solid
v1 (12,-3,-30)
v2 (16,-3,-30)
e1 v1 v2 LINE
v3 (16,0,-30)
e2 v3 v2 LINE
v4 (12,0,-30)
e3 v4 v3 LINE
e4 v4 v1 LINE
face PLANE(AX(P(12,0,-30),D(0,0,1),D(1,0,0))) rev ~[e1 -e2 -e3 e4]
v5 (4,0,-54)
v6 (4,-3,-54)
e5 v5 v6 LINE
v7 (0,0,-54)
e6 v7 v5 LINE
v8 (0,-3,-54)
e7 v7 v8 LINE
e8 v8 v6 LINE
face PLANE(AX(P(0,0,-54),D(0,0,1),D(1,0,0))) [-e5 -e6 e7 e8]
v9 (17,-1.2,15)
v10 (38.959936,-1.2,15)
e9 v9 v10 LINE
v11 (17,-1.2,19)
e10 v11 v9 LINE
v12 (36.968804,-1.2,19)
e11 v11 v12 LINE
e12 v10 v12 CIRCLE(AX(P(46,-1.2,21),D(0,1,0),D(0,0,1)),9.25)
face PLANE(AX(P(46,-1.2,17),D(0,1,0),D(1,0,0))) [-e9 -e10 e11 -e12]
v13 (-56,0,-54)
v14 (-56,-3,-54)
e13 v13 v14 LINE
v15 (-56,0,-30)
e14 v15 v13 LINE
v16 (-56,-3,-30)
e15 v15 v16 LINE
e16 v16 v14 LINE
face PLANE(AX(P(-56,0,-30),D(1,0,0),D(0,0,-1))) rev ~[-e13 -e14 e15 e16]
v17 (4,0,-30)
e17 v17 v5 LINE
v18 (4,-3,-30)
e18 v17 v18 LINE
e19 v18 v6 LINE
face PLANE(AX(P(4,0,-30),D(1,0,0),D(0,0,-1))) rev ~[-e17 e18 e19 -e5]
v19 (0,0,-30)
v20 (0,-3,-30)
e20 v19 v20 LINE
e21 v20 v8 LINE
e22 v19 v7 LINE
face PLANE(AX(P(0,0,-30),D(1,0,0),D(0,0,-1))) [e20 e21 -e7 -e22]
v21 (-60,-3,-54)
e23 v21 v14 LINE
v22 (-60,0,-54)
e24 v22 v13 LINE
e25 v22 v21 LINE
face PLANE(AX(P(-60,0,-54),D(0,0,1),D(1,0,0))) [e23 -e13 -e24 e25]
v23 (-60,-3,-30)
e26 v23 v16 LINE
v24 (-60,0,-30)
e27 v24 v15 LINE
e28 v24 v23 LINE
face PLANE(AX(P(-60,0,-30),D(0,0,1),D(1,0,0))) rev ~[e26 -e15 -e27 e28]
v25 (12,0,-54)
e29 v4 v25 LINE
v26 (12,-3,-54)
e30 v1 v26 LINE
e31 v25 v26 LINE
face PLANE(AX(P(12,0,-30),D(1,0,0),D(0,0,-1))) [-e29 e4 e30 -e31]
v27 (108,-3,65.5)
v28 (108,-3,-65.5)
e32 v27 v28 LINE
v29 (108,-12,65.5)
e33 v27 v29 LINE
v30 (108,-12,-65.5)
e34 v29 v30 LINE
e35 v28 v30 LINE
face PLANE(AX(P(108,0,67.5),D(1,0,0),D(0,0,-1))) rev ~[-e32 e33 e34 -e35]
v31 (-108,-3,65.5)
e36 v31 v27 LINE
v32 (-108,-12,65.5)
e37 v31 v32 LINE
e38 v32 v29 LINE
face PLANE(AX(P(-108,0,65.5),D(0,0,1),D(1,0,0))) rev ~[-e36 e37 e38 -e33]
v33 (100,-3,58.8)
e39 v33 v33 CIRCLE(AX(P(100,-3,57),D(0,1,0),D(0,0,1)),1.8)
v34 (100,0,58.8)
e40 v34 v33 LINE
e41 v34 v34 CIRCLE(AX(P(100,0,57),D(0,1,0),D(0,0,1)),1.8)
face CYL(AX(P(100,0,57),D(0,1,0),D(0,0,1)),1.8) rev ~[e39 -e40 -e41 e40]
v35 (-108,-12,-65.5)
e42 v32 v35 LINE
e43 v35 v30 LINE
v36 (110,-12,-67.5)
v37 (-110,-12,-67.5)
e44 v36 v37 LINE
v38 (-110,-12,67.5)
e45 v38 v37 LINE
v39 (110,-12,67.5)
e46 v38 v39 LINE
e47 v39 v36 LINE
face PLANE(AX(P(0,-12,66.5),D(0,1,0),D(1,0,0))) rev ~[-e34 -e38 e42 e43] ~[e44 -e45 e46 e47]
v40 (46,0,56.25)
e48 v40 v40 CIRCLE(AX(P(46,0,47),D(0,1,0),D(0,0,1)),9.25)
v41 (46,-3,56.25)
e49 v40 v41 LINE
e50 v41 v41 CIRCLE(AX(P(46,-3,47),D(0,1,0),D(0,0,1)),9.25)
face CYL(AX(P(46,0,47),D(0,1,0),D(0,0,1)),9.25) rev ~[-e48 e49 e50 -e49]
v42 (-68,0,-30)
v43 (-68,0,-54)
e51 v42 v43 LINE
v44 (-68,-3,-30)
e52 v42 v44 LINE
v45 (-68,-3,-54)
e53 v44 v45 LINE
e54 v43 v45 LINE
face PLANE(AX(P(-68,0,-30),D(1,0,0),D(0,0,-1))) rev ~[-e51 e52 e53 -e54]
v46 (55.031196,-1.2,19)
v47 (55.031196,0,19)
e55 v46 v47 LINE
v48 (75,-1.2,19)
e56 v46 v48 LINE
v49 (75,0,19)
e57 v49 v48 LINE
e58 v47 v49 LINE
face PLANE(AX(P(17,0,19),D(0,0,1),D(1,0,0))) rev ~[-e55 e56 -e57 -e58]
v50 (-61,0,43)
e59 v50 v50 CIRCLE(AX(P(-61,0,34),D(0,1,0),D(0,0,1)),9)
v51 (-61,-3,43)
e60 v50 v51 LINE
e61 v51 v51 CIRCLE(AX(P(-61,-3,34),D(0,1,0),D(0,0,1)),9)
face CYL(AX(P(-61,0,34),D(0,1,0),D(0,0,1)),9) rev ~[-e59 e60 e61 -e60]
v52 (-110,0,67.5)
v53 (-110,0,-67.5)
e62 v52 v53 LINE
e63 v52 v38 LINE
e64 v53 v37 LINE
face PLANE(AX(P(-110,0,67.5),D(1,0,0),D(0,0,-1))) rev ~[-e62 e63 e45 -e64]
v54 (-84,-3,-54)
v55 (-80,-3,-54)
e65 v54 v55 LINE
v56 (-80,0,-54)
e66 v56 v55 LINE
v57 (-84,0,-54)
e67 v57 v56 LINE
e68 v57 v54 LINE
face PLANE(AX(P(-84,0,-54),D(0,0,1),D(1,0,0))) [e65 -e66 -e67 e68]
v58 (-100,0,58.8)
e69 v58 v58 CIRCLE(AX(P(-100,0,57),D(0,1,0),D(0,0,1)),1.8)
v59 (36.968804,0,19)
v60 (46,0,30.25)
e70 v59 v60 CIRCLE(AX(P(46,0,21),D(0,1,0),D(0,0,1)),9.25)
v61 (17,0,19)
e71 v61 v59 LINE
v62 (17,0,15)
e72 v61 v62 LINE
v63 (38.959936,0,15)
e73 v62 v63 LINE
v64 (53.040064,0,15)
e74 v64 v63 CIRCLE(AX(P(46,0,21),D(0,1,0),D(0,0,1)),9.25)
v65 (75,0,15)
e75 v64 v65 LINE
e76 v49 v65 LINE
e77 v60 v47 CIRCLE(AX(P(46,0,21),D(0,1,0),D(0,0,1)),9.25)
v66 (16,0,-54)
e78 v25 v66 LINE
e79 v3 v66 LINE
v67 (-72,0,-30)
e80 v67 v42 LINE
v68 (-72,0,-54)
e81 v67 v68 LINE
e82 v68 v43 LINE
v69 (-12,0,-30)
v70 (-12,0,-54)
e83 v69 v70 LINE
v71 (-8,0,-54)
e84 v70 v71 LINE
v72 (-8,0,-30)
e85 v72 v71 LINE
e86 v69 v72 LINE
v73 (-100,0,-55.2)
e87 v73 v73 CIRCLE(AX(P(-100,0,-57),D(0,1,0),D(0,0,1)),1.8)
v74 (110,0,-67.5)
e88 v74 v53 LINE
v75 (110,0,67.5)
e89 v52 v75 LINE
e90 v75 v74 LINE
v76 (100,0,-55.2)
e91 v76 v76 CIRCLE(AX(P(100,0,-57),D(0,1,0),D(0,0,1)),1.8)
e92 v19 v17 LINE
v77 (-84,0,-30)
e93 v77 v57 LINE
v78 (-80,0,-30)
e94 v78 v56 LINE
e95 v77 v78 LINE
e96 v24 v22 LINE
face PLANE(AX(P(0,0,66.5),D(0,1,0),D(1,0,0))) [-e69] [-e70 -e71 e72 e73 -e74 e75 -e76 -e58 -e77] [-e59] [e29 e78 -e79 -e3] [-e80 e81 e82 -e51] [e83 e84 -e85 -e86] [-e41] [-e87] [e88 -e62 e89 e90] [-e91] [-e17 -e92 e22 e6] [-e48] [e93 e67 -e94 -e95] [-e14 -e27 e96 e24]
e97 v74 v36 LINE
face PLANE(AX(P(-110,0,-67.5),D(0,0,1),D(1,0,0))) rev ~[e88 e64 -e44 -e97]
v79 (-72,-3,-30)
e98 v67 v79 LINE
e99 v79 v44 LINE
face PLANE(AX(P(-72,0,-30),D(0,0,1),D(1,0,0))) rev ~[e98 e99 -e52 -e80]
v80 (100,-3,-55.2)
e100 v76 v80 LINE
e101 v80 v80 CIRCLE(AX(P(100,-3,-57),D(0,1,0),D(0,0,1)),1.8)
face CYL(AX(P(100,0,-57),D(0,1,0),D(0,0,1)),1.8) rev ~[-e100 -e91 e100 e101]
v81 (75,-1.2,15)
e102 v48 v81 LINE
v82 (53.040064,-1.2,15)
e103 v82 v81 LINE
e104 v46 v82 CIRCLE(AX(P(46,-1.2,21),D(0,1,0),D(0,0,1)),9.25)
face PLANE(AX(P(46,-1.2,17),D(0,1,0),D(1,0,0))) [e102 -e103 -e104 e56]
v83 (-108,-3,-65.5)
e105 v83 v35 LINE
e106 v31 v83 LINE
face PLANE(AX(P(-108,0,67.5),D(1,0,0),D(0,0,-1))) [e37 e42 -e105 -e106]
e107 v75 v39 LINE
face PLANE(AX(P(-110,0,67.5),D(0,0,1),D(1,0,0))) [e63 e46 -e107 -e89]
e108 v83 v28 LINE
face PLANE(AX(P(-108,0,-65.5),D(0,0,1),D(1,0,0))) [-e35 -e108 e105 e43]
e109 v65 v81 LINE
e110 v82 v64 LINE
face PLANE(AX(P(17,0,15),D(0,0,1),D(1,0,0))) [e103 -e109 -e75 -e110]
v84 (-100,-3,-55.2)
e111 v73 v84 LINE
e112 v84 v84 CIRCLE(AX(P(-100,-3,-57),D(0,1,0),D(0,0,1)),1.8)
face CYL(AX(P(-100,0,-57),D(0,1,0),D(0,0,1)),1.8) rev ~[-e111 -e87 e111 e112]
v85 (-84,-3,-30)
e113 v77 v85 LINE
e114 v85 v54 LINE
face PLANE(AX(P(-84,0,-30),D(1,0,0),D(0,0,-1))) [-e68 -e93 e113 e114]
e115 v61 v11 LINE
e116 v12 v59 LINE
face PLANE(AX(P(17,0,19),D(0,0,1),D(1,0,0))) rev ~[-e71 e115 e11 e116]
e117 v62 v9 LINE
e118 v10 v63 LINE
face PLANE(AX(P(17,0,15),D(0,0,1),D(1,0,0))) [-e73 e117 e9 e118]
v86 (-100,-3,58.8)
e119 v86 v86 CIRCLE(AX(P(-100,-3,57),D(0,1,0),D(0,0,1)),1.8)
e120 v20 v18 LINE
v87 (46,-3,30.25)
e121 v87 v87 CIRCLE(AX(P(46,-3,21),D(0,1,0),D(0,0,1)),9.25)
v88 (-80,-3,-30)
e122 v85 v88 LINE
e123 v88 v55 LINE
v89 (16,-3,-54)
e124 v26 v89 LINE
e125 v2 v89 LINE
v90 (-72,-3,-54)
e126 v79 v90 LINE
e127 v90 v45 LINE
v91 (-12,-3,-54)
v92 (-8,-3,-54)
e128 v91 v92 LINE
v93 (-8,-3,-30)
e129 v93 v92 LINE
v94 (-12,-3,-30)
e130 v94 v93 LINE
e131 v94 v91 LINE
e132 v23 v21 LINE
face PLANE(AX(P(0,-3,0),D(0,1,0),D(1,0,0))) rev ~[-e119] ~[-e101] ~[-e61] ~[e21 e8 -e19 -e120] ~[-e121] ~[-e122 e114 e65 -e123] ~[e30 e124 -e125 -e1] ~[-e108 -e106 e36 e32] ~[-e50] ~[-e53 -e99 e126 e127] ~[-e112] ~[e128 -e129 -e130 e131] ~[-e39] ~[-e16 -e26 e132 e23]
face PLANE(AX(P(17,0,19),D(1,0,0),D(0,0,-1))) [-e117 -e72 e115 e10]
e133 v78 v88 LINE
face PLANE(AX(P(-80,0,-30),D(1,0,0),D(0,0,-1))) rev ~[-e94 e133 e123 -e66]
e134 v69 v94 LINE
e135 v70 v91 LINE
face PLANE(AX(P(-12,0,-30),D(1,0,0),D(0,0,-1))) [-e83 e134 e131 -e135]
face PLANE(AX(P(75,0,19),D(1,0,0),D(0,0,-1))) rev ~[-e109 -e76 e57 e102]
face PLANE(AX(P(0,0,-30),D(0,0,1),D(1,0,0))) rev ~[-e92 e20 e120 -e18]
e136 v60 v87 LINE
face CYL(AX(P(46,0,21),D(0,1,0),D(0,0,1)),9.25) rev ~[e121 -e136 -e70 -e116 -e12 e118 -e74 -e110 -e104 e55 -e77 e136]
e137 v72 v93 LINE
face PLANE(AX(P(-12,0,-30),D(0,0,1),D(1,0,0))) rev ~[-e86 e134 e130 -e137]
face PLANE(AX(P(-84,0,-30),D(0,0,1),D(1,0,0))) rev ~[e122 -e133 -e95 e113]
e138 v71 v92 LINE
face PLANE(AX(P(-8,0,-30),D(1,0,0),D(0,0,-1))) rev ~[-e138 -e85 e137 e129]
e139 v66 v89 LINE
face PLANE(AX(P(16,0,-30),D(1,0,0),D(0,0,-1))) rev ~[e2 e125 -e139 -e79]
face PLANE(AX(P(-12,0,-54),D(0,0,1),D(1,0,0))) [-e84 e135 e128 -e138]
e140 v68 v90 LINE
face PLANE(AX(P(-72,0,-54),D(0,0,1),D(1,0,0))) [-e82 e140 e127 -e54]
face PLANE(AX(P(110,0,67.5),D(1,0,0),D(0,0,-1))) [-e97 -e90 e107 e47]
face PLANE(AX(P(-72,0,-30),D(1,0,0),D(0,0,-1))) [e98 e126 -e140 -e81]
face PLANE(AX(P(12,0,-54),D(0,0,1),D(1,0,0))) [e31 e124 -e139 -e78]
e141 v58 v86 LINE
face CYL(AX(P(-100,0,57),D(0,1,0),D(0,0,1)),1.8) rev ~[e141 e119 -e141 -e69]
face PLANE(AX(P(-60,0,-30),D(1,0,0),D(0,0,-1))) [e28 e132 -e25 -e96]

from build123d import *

# Parameters (mm, degrees)
SKETCH_1_W                       = 220
SKETCH_1_H                       = 135
LID_TOP_3MM_DEPTH                = 3
SKETCH_2_W                       = 216
SKETCH_2_H                       = 2
LID_RIM_BACK_DEPTH               = 12
SKETCH_3_W                       = 216
SKETCH_3_H                       = 2
LID_RIM_FRONT_DEPTH              = 12
SKETCH_4_W                       = 2
SKETCH_4_H                       = 135
LID_RIM_LEFT_DEPTH               = 12
SKETCH_5_W                       = 2
SKETCH_5_H                       = 135
LID_RIM_RIGHT_DEPTH              = 12
SKETCH_6_R                       = 1.8
LID_SCREW_CLEARANCE_1_DEPTH      = 16
SKETCH_7_R                       = 1.8
LID_SCREW_CLEARANCE_2_DEPTH      = 16
SKETCH_8_R                       = 1.8
LID_SCREW_CLEARANCE_3_DEPTH      = 16
SKETCH_9_R                       = 1.8
LID_SCREW_CLEARANCE_4_DEPTH      = 16
SKETCH_10_R                      = 9
OV5647_LENS_OPENING_D18_DEPTH    = 4
SKETCH_11_R                      = 9.25
HC_SR04_ACOUSTIC_OPENING_1_DEPTH = 4
SKETCH_12_R                      = 9.25
HC_SR04_ACOUSTIC_OPENING_2_DEPTH = 4
SKETCH_13_W                      = 58
SKETCH_13_H                      = 4
HC_SR04_ALIGNMENT_RECESS_DEPTH   = 1.2
SKETCH_14_W                      = 4
SKETCH_14_H                      = 24
VENT_SLOT_1_DEPTH                = 4
SKETCH_15_W                      = 4
SKETCH_15_H                      = 24
VENT_SLOT_2_DEPTH                = 4
SKETCH_16_W                      = 4
SKETCH_16_H                      = 24
VENT_SLOT_3_DEPTH                = 4
SKETCH_17_W                      = 4
SKETCH_17_H                      = 24
VENT_SLOT_4_DEPTH                = 4
SKETCH_18_W                      = 4
SKETCH_18_H                      = 24
VENT_SLOT_5_DEPTH                = 4
SKETCH_19_W                      = 4
SKETCH_19_H                      = 24
VENT_SLOT_6_DEPTH                = 4


with BuildPart() as part:
    # 草图1 → Lid_Top_3mm (new body)
    with BuildSketch(Plane(origin=(0, 0, 0), x_dir=(1, 0, 0), z_dir=(0, 1, 0))):
        Rectangle(SKETCH_1_W, SKETCH_1_H)
    extrude(amount=-LID_TOP_3MM_DEPTH)

    # 草图2 → Lid_Rim_Back (add)
    with BuildSketch(Plane(origin=(0, 0, 0), x_dir=(1, 0, 0), z_dir=(0, 1, 0))):
        with Locations((0, 66.5)):
            Rectangle(SKETCH_2_W, SKETCH_2_H)
    extrude(amount=-LID_RIM_BACK_DEPTH)

    # 草图3 → Lid_Rim_Front (add)
    with BuildSketch(Plane(origin=(0, 0, 0), x_dir=(1, 0, 0), z_dir=(0, 1, 0))):
        with Locations((0, -66.5)):
            Rectangle(SKETCH_3_W, SKETCH_3_H)
    extrude(amount=-LID_RIM_FRONT_DEPTH)

    # 草图4 → Lid_Rim_Left (add)
    with BuildSketch(Plane(origin=(0, 0, 0), x_dir=(1, 0, 0), z_dir=(0, 1, 0))):
        with Locations((-109, 0)):
            Rectangle(SKETCH_4_W, SKETCH_4_H)
    extrude(amount=-LID_RIM_LEFT_DEPTH)

    # 草图5 → Lid_Rim_Right (add)
    with BuildSketch(Plane(origin=(0, 0, 0), x_dir=(1, 0, 0), z_dir=(0, 1, 0))):
        with Locations((109, 0)):
            Rectangle(SKETCH_5_W, SKETCH_5_H)
    extrude(amount=-LID_RIM_RIGHT_DEPTH)

    # 草图6 → Lid_Screw_Clearance_1 (cut)
    with BuildSketch(Plane(origin=(0, 0, 0), x_dir=(1, 0, 0), z_dir=(0, 1, 0))):
        with Locations(Location((-100, -57, 0), (0, 0, 270))):
            Circle(SKETCH_6_R)
    extrude(amount=-LID_SCREW_CLEARANCE_1_DEPTH, mode=Mode.SUBTRACT)

    # 草图7 → Lid_Screw_Clearance_2 (cut)
    with BuildSketch(Plane(origin=(0, 0, 0), x_dir=(1, 0, 0), z_dir=(0, 1, 0))):
        with Locations(Location((100, -57, 0), (0, 0, 270))):
            Circle(SKETCH_7_R)
    extrude(amount=-LID_SCREW_CLEARANCE_2_DEPTH, mode=Mode.SUBTRACT)

    # 草图8 → Lid_Screw_Clearance_3 (cut)
    with BuildSketch(Plane(origin=(0, 0, 0), x_dir=(1, 0, 0), z_dir=(0, 1, 0))):
        with Locations(Location((-100, 57, 0), (0, 0, 270))):
            Circle(SKETCH_8_R)
    extrude(amount=-LID_SCREW_CLEARANCE_3_DEPTH, mode=Mode.SUBTRACT)

    # 草图9 → Lid_Screw_Clearance_4 (cut)
    with BuildSketch(Plane(origin=(0, 0, 0), x_dir=(1, 0, 0), z_dir=(0, 1, 0))):
        with Locations(Location((100, 57, 0), (0, 0, 270))):
            Circle(SKETCH_9_R)
    extrude(amount=-LID_SCREW_CLEARANCE_4_DEPTH, mode=Mode.SUBTRACT)

    # 草图10 → OV5647_Lens_Opening_D18 (cut)
    with BuildSketch(Plane(origin=(0, 0, 0), x_dir=(1, 0, 0), z_dir=(0, 1, 0))):
        with Locations(Location((-61, -34, 0), (0, 0, 270))):
            Circle(SKETCH_10_R)
    extrude(amount=-OV5647_LENS_OPENING_D18_DEPTH, mode=Mode.SUBTRACT)

    # 草图11 → HC_SR04_Acoustic_Opening_1 (cut)
    with BuildSketch(Plane(origin=(0, 0, 0), x_dir=(1, 0, 0), z_dir=(0, 1, 0))):
        with Locations(Location((46, -47, 0), (0, 0, 270))):
            Circle(SKETCH_11_R)
    extrude(amount=-HC_SR04_ACOUSTIC_OPENING_1_DEPTH, mode=Mode.SUBTRACT)

    # 草图12 → HC_SR04_Acoustic_Opening_2 (cut)
    with BuildSketch(Plane(origin=(0, 0, 0), x_dir=(1, 0, 0), z_dir=(0, 1, 0))):
        with Locations(Location((46, -21, 0), (0, 0, 270))):
            Circle(SKETCH_12_R)
    extrude(amount=-HC_SR04_ACOUSTIC_OPENING_2_DEPTH, mode=Mode.SUBTRACT)

    # 草图13 → HC_SR04_Alignment_Recess (cut)
    with BuildSketch(Plane(origin=(0, 0, 0), x_dir=(1, 0, 0), z_dir=(0, 1, 0))):
        with Locations((46, -17)):
            Rectangle(SKETCH_13_W, SKETCH_13_H)
    extrude(amount=-HC_SR04_ALIGNMENT_RECESS_DEPTH, mode=Mode.SUBTRACT)

    # 草图14 → Vent_Slot_1 (cut)
    with BuildSketch(Plane(origin=(0, 0, 0), x_dir=(1, 0, 0), z_dir=(0, 1, 0))):
        with Locations((-82, 42)):
            Rectangle(SKETCH_14_W, SKETCH_14_H)
    extrude(amount=-VENT_SLOT_1_DEPTH, mode=Mode.SUBTRACT)

    # 草图15 → Vent_Slot_2 (cut)
    with BuildSketch(Plane(origin=(0, 0, 0), x_dir=(1, 0, 0), z_dir=(0, 1, 0))):
        with Locations((-70, 42)):
            Rectangle(SKETCH_15_W, SKETCH_15_H)
    extrude(amount=-VENT_SLOT_2_DEPTH, mode=Mode.SUBTRACT)

    # 草图16 → Vent_Slot_3 (cut)
    with BuildSketch(Plane(origin=(0, 0, 0), x_dir=(1, 0, 0), z_dir=(0, 1, 0))):
        with Locations((-58, 42)):
            Rectangle(SKETCH_16_W, SKETCH_16_H)
    extrude(amount=-VENT_SLOT_3_DEPTH, mode=Mode.SUBTRACT)

    # 草图17 → Vent_Slot_4 (cut)
    with BuildSketch(Plane(origin=(0, 0, 0), x_dir=(1, 0, 0), z_dir=(0, 1, 0))):
        with Locations((-10, 42)):
            Rectangle(SKETCH_17_W, SKETCH_17_H)
    extrude(amount=-VENT_SLOT_4_DEPTH, mode=Mode.SUBTRACT)

    # 草图18 → Vent_Slot_5 (cut)
    with BuildSketch(Plane(origin=(0, 0, 0), x_dir=(1, 0, 0), z_dir=(0, 1, 0))):
        with Locations((2, 42)):
            Rectangle(SKETCH_18_W, SKETCH_18_H)
    extrude(amount=-VENT_SLOT_5_DEPTH, mode=Mode.SUBTRACT)

    # 草图19 → Vent_Slot_6 (cut)
    with BuildSketch(Plane(origin=(0, 0, 0), x_dir=(1, 0, 0), z_dir=(0, 1, 0))):
        with Locations((14, 42)):
            Rectangle(SKETCH_19_W, SKETCH_19_H)
    extrude(amount=-VENT_SLOT_6_DEPTH, mode=Mode.SUBTRACT)


solid = part.part
